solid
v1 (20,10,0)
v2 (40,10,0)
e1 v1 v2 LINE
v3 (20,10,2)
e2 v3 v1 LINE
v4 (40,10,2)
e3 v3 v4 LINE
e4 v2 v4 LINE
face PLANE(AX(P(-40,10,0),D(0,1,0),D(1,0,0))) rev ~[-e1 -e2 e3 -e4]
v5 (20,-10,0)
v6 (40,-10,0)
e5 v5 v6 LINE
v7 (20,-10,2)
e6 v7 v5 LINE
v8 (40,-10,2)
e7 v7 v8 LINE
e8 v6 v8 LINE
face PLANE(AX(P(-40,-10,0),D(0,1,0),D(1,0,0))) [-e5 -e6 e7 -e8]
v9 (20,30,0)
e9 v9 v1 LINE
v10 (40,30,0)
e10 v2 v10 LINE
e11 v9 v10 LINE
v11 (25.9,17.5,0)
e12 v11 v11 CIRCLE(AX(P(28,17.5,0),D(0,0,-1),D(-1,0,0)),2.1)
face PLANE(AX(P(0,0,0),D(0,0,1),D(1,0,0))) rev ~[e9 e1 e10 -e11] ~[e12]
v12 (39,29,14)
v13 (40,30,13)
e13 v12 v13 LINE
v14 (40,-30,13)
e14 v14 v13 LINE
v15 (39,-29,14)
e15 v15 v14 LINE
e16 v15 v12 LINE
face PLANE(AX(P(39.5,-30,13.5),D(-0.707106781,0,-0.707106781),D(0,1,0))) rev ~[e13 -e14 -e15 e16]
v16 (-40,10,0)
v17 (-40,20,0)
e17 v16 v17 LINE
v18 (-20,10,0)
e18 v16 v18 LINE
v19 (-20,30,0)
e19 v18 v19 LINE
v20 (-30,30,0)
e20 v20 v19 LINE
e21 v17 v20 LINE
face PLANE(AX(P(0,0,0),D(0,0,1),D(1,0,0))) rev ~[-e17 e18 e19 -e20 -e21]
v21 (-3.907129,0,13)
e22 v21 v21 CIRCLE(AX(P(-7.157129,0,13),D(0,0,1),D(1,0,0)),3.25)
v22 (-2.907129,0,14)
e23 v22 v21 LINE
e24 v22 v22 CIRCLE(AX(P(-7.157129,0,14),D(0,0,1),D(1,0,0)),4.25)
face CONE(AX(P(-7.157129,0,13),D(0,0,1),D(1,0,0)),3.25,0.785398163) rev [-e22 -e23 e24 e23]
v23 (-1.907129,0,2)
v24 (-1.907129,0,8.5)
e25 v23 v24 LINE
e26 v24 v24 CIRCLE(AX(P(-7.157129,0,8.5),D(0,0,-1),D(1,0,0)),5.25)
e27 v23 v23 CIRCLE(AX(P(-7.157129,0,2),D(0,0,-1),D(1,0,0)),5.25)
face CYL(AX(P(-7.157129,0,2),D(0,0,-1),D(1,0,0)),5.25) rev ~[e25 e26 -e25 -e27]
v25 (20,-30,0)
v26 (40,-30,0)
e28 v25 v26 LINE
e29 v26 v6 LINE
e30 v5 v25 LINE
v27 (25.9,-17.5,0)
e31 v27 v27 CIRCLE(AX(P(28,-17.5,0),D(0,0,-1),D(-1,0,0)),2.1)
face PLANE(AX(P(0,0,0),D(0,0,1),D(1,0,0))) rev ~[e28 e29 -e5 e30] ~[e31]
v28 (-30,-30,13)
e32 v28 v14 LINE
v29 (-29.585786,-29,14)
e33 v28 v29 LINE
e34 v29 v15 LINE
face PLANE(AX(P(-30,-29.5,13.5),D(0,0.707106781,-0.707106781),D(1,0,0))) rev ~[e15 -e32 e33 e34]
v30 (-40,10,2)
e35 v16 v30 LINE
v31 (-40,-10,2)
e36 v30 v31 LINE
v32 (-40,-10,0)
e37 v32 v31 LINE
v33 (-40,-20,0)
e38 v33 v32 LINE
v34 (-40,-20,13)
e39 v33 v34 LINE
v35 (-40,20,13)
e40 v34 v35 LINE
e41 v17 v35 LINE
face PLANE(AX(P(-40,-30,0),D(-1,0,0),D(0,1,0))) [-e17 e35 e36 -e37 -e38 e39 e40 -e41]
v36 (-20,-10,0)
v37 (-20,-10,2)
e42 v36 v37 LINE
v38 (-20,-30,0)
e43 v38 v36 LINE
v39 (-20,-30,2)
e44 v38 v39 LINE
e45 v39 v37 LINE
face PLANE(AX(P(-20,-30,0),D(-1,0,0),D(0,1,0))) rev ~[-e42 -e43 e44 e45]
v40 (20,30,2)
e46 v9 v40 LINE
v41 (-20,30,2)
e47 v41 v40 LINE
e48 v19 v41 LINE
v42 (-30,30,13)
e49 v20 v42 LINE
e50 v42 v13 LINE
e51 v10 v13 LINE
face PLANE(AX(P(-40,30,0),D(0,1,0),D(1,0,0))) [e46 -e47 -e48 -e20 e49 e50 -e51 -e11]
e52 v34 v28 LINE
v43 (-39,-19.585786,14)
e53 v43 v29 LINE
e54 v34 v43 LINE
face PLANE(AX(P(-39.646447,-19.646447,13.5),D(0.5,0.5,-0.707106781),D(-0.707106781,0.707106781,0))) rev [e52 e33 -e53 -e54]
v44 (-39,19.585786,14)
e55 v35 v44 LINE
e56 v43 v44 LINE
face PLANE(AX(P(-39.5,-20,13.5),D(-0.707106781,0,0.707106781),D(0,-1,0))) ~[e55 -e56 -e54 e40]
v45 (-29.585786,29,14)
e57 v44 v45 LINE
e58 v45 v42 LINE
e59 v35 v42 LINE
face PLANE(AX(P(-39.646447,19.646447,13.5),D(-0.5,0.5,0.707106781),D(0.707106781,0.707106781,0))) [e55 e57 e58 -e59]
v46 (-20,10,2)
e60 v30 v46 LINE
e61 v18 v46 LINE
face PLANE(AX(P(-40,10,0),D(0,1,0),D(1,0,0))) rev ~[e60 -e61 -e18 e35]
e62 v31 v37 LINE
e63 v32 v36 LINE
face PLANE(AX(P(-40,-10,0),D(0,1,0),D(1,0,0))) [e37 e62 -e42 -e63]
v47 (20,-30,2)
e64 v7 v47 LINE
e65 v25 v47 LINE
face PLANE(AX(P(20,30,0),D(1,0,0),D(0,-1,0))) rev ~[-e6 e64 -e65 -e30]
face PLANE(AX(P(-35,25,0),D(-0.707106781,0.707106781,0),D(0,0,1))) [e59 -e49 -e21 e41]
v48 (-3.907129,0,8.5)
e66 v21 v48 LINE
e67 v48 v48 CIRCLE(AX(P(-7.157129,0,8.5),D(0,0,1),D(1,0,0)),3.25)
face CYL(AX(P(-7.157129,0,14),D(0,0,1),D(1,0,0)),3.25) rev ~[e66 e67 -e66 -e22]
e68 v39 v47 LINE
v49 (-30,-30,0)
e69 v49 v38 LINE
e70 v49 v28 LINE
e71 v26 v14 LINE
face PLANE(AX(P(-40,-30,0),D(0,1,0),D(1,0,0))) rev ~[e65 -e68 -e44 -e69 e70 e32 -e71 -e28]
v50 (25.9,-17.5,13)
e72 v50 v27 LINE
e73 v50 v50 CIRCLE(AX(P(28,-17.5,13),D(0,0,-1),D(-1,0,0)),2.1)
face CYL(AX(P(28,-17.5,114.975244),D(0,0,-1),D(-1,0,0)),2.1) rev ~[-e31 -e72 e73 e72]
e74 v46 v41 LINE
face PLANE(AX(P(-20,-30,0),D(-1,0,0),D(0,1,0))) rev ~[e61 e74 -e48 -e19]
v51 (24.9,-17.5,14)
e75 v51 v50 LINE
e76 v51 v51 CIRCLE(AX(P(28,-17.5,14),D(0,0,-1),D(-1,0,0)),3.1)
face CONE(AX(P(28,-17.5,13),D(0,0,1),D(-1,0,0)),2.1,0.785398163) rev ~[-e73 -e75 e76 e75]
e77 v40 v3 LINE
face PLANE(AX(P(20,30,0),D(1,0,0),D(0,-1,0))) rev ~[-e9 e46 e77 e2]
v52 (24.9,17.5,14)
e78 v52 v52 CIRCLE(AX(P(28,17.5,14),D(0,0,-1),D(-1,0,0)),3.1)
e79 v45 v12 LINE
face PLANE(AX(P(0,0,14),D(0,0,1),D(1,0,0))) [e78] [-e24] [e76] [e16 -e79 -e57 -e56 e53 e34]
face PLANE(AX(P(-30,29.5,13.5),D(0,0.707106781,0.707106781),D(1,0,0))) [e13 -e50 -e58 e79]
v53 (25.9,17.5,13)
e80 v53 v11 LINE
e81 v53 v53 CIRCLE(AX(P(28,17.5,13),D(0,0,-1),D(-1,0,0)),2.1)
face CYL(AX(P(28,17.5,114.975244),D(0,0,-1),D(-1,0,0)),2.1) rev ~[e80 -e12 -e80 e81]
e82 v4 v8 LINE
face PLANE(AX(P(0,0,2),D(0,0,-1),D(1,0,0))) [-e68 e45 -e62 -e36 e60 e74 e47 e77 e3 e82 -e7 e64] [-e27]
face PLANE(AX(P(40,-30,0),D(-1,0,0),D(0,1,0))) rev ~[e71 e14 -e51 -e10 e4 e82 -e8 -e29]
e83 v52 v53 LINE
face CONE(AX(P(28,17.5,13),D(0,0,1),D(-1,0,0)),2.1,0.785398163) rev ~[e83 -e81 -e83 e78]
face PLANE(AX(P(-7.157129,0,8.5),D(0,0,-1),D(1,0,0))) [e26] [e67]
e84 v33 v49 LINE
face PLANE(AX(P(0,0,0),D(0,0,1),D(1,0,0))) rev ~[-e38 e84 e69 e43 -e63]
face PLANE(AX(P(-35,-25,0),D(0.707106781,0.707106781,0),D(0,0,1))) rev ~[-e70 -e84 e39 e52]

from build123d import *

# Parameters (mm, degrees)
F0_W      = 80
F0_H      = 60
F1_DEPTH  = 14
F2_W      = 80
F2_H      = 20
F3_DEPTH  = 2
F4_W      = 40
F4_H      = 20
F4_H_2    = 40
F5_DEPTH  = 2
F6_SIZE   = 10
F7_R      = 3.25
F8_DEPTH  = 25
F9_R      = 5.25
F10_DEPTH = 6.5
F12_D     = 4.2
F13_SIZE  = 1


with BuildPart() as f1:
    # F0 (on Top) → F1 (new body)
    with BuildSketch(Plane.XY):
        Rectangle(F0_W, F0_H)
    extrude(amount=F1_DEPTH)

    # F2 (on face) → F3 (cut)
    with BuildSketch(Plane(origin=(0, 0, 0), x_dir=(1, 0, 0), z_dir=(0, 0, -1))):
        Rectangle(F2_W, F2_H)
    extrude(amount=-F3_DEPTH, mode=Mode.SUBTRACT)

    # F4 (on face) → F5 (cut)
    with BuildSketch(Plane(origin=(0, 0, 0), x_dir=(1, 0, 0), z_dir=(0, 0, -1))):
        with Locations((0, 20)):
            Rectangle(F4_W, F4_H)
        with Locations((0, -10)):
            Rectangle(F4_W, F4_H_2)
    extrude(amount=-F5_DEPTH, mode=Mode.SUBTRACT)

    # F6
    f6_edges = [f1.edges().sort_by_distance(p)[0] for p in [
        (-40, 30, 7),
        (-40, -30, 7),
    ]]
    chamfer(f6_edges, length=F6_SIZE)

    # F7 (on face) → F8 (cut)
    with BuildSketch(Plane.XY.offset(14)):
        with Locations((-7.1571292716, 0)):
            Circle(F7_R)
    extrude(amount=-F8_DEPTH, mode=Mode.SUBTRACT)

    # F9 (on face) → F10 (cut)
    with BuildSketch(Plane(origin=(0, 0, 2), x_dir=(1, 0, 0), z_dir=(0, 0, -1))):
        with Locations((-7.1571292716, 0)):
            Circle(F9_R)
    extrude(amount=-F10_DEPTH, mode=Mode.SUBTRACT)

    # F12 (through all)
    with Locations(Plane.XY.offset(14)):
        with Locations((28, 17.5), (28, -17.5)):
            Hole(F12_D / 2)

    # F13
    f13_edges = [f1.edges().sort_by_distance(p)[0] for p in [
        (-40, 0, 14),
        (-35, 25, 14),
        (-35, -25, 14),
        (5, 30, 14),
        (5, -30, 14),
        (40, 0, 14),
        (25.9, -17.5, 14),
        (-10.407129, 0, 14),
        (25.9, 17.5, 14),
    ]]
    chamfer(f13_edges, length=F13_SIZE)


solid = f1.part
